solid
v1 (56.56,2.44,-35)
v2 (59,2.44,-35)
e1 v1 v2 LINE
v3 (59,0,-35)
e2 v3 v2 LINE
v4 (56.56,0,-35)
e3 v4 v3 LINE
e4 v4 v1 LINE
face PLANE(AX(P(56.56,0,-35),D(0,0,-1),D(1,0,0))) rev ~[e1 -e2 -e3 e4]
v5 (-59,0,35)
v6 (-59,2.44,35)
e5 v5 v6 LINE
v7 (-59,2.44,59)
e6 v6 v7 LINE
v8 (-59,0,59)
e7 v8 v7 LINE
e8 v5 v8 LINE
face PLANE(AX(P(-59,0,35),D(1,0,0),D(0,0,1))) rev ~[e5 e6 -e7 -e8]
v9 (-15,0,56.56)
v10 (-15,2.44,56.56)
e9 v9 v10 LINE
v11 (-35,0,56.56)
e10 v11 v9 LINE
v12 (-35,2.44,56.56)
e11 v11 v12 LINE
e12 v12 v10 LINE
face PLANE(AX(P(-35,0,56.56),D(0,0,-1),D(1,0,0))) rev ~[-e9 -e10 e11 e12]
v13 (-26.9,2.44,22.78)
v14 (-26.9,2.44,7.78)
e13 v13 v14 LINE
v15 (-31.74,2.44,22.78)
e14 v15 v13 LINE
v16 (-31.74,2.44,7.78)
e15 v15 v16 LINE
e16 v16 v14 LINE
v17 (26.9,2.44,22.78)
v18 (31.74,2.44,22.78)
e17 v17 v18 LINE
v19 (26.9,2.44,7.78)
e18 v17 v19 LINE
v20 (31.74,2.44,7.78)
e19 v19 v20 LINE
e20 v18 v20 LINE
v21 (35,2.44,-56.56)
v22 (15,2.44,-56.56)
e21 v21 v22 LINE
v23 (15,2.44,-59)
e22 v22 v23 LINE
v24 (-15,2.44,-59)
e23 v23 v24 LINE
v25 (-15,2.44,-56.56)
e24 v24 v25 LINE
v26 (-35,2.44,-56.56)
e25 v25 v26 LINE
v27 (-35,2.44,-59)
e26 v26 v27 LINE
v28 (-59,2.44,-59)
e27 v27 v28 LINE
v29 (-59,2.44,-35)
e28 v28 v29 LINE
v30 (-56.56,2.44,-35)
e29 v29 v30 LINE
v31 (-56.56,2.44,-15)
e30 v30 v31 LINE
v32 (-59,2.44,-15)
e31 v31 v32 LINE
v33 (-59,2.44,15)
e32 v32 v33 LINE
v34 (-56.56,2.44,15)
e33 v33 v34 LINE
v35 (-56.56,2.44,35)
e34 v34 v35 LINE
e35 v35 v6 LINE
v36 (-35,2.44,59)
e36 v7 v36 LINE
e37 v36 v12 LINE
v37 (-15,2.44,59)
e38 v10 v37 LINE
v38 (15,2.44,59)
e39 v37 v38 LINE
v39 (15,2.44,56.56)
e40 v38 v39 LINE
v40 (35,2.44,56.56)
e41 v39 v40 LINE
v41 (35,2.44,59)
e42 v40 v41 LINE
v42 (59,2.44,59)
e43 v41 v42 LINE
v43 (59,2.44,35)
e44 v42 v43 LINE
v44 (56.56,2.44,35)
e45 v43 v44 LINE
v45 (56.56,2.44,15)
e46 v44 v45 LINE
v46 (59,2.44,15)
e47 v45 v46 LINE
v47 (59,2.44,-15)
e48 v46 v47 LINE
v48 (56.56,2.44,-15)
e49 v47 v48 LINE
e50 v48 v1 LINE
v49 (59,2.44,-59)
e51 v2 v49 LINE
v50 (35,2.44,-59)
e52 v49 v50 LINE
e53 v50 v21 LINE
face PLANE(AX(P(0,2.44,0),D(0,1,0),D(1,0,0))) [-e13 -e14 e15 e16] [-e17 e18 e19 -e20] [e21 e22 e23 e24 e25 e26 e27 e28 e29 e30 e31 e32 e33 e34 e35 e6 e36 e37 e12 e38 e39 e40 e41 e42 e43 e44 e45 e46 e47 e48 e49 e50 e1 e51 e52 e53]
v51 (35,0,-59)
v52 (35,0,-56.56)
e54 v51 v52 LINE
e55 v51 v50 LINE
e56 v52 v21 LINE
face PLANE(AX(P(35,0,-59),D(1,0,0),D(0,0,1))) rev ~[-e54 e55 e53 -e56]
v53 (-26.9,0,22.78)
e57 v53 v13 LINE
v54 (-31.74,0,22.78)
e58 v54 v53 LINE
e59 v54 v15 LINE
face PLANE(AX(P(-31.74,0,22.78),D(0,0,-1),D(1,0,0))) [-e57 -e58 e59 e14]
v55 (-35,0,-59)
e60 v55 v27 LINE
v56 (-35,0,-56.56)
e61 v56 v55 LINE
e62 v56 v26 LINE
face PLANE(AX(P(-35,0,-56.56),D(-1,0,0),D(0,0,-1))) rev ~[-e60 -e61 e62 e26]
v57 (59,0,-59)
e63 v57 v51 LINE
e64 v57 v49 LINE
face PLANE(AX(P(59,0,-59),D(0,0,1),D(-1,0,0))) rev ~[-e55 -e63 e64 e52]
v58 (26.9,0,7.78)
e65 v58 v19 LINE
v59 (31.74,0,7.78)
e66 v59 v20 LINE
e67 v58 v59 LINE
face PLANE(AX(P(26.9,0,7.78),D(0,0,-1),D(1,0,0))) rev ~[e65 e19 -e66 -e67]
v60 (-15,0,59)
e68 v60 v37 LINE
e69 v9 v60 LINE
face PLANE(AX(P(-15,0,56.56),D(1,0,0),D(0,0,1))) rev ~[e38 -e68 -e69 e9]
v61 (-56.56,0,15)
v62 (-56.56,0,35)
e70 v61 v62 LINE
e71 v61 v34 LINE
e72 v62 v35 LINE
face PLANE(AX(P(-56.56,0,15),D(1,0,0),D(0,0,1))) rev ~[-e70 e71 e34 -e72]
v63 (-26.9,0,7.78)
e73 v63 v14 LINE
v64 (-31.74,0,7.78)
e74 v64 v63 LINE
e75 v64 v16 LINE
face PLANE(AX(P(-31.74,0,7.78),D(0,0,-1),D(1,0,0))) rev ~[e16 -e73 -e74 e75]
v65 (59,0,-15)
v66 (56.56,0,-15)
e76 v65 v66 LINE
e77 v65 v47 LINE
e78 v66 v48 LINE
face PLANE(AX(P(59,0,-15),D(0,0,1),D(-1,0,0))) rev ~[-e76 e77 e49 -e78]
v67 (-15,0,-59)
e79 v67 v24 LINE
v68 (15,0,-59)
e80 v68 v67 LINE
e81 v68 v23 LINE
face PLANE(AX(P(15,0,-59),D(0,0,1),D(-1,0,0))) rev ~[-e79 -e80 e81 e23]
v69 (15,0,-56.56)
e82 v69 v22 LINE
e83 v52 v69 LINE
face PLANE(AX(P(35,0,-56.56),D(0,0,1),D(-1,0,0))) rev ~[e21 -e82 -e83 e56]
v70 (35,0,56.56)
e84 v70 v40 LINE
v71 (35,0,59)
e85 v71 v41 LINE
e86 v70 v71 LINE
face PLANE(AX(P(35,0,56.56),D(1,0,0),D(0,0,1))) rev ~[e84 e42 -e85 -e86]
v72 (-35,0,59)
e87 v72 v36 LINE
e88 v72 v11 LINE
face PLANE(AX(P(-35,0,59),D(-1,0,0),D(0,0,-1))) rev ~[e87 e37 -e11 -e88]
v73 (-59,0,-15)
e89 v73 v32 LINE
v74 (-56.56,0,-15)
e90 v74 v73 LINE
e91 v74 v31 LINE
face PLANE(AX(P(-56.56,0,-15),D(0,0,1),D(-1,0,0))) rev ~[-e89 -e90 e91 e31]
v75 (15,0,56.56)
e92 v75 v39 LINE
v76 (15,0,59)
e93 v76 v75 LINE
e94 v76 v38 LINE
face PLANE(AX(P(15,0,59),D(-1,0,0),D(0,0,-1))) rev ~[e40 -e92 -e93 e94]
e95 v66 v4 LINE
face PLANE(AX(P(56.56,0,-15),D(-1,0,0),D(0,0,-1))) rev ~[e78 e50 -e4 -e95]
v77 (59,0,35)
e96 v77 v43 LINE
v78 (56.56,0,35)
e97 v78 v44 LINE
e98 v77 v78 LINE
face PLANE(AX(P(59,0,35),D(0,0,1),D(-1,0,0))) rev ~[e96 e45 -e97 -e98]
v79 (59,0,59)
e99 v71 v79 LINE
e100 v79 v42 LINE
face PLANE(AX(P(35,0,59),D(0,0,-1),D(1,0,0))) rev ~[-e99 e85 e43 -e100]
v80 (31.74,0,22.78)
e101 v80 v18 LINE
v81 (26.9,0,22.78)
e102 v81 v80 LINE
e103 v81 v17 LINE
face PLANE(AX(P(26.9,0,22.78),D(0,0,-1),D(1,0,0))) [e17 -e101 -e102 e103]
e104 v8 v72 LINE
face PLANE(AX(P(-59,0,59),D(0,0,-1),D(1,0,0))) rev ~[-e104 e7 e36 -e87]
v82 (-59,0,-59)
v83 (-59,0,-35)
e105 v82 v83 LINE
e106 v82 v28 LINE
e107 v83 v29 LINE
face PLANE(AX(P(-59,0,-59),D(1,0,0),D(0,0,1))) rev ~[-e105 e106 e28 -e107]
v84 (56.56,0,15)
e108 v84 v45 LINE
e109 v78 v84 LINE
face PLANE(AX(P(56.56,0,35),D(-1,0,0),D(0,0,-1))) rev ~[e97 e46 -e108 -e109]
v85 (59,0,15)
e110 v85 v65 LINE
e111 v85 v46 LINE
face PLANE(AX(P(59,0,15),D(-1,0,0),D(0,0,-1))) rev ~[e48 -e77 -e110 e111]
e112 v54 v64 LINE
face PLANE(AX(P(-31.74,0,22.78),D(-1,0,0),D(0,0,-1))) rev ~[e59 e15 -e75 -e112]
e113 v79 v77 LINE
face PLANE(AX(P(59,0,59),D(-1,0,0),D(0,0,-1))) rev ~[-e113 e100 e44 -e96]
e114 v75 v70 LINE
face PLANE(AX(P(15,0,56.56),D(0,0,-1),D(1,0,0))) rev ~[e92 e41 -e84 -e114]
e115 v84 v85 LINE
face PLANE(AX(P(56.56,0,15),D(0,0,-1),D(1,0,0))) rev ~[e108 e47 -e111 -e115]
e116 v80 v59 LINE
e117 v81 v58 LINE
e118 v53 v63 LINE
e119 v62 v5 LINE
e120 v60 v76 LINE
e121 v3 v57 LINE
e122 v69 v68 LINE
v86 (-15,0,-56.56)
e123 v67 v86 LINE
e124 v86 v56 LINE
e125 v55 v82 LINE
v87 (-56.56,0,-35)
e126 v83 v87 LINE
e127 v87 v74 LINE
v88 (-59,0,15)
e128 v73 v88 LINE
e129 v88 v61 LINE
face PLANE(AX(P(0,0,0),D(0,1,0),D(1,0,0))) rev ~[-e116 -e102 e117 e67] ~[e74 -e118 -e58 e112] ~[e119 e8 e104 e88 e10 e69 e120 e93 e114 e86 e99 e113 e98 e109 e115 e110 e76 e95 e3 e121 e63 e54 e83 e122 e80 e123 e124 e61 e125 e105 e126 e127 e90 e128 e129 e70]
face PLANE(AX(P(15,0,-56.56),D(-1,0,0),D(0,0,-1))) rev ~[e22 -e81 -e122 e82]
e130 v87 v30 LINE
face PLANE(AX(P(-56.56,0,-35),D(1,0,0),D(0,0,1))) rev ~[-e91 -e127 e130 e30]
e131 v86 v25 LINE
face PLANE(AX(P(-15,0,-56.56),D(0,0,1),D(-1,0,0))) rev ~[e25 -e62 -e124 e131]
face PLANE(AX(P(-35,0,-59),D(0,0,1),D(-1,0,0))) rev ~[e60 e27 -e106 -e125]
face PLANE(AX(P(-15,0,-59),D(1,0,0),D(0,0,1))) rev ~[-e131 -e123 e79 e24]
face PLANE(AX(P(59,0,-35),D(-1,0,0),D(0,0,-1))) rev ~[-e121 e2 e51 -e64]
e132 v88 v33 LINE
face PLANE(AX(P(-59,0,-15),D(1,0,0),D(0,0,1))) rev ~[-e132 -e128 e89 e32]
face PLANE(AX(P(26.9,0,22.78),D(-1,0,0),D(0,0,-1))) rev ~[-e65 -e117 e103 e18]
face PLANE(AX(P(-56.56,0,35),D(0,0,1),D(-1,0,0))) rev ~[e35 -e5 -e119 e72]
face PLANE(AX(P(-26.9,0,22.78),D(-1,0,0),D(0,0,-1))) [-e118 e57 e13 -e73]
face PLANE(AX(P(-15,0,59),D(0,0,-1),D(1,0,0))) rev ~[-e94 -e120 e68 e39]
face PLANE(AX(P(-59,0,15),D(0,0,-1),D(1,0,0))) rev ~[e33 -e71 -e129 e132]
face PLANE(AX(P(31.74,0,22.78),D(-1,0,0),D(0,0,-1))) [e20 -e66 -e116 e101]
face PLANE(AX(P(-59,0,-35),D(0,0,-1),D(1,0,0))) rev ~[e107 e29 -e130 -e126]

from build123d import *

# Parameters (mm, degrees)
CROQUIS1_W              = 4.84
CROQUIS1_H              = 15
SALIENTE_EXTRUIR1_DEPTH = 2.44


with BuildPart() as part:
    # Croquis1 → Saliente-Extruir1 (new body)
    with BuildSketch(Plane(origin=(0, 0, 0), x_dir=(1, 0, 0), z_dir=(0, 1, 0))):
        Polygon((-59, -59), (-35, -59), (-35, -56.56), (-15, -56.56), (-15, -59), (15, -59), (15, -56.56), (35, -56.56), (35, -59), (59, -59), (59, -35), (56.56, -35), (56.56, -15), (59, -15), (59, 15), (56.56, 15), (56.56, 35), (59, 35), (59, 59), (35, 59), (35, 56.56), (15, 56.56), (15, 59), (-15, 59), (-15, 56.56), (-35, 56.56), (-35, 59), (-59, 59), (-59, 35), (-56.56, 35), (-56.56, 15), (-59, 15), (-59, -15), (-56.56, -15), (-56.56, -35), (-59, -35), align=None)
        with Locations((-29.32, -15.28)):
            Rectangle(CROQUIS1_W, CROQUIS1_H, mode=Mode.SUBTRACT)
        with Locations((29.32, -15.28)):
            Rectangle(CROQUIS1_W, CROQUIS1_H, mode=Mode.SUBTRACT)
    extrude(amount=SALIENTE_EXTRUIR1_DEPTH)


solid = part.part
